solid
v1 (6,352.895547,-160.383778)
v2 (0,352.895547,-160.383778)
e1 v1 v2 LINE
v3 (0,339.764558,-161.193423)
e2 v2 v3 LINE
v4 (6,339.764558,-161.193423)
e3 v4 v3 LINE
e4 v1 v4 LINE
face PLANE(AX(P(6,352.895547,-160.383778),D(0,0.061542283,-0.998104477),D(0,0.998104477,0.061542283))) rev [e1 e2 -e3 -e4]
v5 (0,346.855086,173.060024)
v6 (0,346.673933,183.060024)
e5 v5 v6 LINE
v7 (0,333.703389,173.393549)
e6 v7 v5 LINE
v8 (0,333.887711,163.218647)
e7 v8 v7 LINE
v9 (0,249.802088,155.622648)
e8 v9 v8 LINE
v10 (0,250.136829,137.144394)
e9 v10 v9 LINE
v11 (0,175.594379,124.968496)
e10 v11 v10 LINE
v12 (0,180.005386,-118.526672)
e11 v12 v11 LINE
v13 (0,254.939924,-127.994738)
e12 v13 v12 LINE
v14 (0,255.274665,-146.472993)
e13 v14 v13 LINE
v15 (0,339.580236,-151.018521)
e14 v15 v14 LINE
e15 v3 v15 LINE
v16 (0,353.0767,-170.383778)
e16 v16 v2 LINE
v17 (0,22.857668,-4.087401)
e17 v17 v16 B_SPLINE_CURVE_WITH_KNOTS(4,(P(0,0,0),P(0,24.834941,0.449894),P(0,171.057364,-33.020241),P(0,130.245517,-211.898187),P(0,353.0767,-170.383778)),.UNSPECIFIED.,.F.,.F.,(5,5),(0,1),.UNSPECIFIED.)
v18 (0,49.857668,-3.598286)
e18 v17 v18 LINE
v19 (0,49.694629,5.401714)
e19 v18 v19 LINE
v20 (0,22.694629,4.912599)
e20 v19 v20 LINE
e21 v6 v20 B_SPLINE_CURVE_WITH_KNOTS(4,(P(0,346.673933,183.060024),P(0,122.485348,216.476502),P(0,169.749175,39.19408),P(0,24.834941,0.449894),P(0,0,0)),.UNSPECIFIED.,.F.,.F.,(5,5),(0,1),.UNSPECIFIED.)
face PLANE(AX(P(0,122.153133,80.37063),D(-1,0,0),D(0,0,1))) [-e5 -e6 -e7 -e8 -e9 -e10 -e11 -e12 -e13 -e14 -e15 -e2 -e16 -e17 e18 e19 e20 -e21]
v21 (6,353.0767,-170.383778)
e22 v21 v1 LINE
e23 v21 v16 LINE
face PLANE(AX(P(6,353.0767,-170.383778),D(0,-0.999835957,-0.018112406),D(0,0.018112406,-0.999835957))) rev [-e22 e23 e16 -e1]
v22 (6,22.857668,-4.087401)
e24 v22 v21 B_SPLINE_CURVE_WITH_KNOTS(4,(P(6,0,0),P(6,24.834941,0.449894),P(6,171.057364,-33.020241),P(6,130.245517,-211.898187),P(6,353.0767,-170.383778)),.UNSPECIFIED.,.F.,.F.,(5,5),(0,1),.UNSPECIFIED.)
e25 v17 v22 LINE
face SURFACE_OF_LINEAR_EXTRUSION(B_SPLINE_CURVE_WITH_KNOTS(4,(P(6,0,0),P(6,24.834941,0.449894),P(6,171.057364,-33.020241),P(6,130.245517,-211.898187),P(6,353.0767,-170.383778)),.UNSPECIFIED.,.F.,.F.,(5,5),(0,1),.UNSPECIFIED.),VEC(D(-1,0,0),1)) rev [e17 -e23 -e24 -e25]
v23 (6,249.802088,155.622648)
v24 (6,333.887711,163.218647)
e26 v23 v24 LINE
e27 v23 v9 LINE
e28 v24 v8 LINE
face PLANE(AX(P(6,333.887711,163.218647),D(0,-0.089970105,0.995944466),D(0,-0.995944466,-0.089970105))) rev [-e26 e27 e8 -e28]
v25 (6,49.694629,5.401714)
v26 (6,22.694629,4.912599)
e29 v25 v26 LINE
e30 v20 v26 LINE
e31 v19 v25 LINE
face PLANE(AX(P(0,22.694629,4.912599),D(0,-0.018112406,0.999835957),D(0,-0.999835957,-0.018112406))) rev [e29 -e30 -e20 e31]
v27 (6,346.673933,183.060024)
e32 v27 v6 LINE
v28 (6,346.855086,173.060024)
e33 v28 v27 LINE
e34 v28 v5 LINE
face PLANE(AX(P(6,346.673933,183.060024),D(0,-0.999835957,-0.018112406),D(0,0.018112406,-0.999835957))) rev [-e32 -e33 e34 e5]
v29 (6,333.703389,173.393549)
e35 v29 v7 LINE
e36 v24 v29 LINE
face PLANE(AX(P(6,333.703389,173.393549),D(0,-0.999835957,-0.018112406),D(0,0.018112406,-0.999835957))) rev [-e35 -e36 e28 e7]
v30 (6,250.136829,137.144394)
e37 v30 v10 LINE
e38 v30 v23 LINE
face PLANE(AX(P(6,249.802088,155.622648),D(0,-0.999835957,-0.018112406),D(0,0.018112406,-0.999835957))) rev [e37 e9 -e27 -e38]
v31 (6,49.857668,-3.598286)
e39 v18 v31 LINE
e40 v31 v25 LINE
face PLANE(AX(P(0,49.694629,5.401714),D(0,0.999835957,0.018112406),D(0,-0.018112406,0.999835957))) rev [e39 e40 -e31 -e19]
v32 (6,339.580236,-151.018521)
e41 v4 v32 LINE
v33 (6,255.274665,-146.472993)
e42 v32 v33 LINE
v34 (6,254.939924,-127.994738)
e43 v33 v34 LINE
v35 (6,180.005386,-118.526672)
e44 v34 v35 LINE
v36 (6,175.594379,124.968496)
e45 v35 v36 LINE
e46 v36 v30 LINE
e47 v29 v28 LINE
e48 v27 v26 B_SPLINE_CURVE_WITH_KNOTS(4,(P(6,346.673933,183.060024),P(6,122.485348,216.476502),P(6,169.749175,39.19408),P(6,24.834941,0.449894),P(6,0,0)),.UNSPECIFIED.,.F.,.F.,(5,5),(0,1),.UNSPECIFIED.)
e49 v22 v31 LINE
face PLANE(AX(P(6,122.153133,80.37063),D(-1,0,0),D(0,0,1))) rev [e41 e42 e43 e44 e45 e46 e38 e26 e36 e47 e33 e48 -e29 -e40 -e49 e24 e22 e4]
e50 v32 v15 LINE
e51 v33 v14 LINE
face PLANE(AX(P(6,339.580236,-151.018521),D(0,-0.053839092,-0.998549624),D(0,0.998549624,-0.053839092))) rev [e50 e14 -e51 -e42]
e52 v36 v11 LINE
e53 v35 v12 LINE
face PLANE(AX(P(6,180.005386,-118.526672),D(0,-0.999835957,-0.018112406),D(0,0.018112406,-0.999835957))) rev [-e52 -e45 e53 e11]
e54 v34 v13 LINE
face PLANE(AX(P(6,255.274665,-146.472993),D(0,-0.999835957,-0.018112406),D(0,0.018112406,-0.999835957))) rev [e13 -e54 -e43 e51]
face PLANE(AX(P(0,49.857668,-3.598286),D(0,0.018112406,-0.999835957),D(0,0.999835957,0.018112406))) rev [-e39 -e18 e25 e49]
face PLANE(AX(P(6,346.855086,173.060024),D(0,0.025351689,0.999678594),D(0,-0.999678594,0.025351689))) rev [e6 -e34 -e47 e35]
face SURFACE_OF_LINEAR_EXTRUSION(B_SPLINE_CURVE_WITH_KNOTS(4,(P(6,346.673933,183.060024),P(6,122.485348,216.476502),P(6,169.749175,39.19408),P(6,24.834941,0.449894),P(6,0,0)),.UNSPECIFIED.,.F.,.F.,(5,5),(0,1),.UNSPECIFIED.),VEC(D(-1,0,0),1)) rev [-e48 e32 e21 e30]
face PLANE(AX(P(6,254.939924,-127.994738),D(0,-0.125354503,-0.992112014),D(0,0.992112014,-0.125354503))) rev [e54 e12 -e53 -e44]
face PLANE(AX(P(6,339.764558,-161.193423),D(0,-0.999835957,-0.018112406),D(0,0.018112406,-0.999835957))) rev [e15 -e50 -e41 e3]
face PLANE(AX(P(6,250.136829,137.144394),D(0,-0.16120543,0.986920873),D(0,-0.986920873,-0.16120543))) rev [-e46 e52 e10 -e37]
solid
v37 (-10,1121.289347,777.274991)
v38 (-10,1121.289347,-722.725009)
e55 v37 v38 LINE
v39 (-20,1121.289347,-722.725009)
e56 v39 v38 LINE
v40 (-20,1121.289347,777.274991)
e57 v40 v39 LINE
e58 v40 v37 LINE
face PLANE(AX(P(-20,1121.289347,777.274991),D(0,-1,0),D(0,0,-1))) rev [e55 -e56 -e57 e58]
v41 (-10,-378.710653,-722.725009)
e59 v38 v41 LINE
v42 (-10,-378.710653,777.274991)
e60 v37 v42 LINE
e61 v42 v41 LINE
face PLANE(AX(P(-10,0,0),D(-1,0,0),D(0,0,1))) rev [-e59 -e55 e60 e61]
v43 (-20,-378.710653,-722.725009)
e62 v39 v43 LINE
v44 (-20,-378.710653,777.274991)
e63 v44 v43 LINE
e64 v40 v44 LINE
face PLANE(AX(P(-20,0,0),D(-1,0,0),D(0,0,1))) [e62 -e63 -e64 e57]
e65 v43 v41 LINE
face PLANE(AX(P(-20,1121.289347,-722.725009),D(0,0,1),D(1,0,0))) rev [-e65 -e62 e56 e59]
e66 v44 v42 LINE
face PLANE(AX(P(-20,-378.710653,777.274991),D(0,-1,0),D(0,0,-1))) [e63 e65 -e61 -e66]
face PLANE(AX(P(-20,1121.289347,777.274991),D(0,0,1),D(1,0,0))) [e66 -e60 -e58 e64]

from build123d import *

# Parameters (mm, degrees)
BOSS_EXTRU_2_DEPTH      = 10
BOSS_EXTRU_3_DEPTH      = 6
ENL_V_MAT_EXTRU_1_DEPTH = 6


with BuildPart() as part:
    # Esquisse3D1 → Boss.-Extru.2 (new body)
    with BuildSketch(Plane(origin=(-20, 1121.289346724, 777.274991403), x_dir=(0, -0.7071067811865476, -0.7071067811865476), z_dir=(1, 0, 0))):
        Polygon((0, 0), (1060.66017178, 1060.66017178), (2121.32034356, 0), (1060.66017178, -1060.66017178), align=None)
    extrude(amount=BOSS_EXTRU_2_DEPTH)


with BuildPart() as body_2:
    # Esquisse5 → Boss.-Extru.3 (new body)
    with BuildSketch(Plane(origin=(0, 0, 0), x_dir=(0, 0, -1), z_dir=(1, 0, 0))):
        with BuildLine():
            Line((170.383777642, 353.076700453), (160.383777642, 352.895546681))
            Line((160.383777642, 352.895546681), (161.193423341, 339.76455833))
            Line((161.193423341, 339.76455833), (151.0185207, 339.58023613))
            Line((151.0185207, 339.58023613), (146.47299258, 255.274664597))
            Line((146.47299258, 255.274664597), (127.994738238, 254.939924049))
            Line((127.994738238, 254.939924049), (118.526672474, 180.005385852))
            Line((118.526672474, 180.005385852), (-124.968496367, 175.594379009))
            Line((-124.968496367, 175.594379009), (-137.144394156, 250.13682864))
            Line((-137.144394156, 250.13682864), (-155.622648498, 249.802088092))
            Line((-155.622648498, 249.802088092), (-163.218646637, 333.887711296))
            Line((-163.218646637, 333.887711296), (-173.393549279, 333.703389096))
            Line((-173.393549279, 333.703389096), (-173.060024345, 346.855086414))
            Line((-173.060024345, 346.855086414), (-183.060024345, 346.673932641))
            add(Edge.make_bspline(
                [(0, 0), (-0.449894327, 24.834941105), (-39.194079735, 169.74917454), (-216.476501704, 122.4853477), (-183.060024345, 346.673932641)],
                knots=[0, 0, 0, 0, 0, 1, 1, 1, 1, 1], degree=4))
            add(Edge.make_bspline(
                [(0, 0), (-0.449894327, 24.834941105), (33.020240715, 171.057364198), (211.898186749, 130.245516788), (170.383777642, 353.076700453)],
                knots=[0, 0, 0, 0, 0, 1, 1, 1, 1, 1], degree=4))
        make_face()
    extrude(amount=BOSS_EXTRU_3_DEPTH)

    # Esquisse6 → Enlèv. mat.-Extru.1 (cut)
    with BuildSketch(Plane(origin=(6, 0, 0), x_dir=(0, 0, -1), z_dir=(1, 0, 0))):
        Polygon((-4.91259852, 22.694629144), (-5.401713706, 49.694629144), (3.598286294, 49.85766754), (4.08740148, 22.85766754), (117.063261114, -47.52702125), (-85.227699586, -65.220017949), align=None)
    extrude(amount=-ENL_V_MAT_EXTRU_1_DEPTH, mode=Mode.SUBTRACT)


solid = Compound([part.part, body_2.part])
